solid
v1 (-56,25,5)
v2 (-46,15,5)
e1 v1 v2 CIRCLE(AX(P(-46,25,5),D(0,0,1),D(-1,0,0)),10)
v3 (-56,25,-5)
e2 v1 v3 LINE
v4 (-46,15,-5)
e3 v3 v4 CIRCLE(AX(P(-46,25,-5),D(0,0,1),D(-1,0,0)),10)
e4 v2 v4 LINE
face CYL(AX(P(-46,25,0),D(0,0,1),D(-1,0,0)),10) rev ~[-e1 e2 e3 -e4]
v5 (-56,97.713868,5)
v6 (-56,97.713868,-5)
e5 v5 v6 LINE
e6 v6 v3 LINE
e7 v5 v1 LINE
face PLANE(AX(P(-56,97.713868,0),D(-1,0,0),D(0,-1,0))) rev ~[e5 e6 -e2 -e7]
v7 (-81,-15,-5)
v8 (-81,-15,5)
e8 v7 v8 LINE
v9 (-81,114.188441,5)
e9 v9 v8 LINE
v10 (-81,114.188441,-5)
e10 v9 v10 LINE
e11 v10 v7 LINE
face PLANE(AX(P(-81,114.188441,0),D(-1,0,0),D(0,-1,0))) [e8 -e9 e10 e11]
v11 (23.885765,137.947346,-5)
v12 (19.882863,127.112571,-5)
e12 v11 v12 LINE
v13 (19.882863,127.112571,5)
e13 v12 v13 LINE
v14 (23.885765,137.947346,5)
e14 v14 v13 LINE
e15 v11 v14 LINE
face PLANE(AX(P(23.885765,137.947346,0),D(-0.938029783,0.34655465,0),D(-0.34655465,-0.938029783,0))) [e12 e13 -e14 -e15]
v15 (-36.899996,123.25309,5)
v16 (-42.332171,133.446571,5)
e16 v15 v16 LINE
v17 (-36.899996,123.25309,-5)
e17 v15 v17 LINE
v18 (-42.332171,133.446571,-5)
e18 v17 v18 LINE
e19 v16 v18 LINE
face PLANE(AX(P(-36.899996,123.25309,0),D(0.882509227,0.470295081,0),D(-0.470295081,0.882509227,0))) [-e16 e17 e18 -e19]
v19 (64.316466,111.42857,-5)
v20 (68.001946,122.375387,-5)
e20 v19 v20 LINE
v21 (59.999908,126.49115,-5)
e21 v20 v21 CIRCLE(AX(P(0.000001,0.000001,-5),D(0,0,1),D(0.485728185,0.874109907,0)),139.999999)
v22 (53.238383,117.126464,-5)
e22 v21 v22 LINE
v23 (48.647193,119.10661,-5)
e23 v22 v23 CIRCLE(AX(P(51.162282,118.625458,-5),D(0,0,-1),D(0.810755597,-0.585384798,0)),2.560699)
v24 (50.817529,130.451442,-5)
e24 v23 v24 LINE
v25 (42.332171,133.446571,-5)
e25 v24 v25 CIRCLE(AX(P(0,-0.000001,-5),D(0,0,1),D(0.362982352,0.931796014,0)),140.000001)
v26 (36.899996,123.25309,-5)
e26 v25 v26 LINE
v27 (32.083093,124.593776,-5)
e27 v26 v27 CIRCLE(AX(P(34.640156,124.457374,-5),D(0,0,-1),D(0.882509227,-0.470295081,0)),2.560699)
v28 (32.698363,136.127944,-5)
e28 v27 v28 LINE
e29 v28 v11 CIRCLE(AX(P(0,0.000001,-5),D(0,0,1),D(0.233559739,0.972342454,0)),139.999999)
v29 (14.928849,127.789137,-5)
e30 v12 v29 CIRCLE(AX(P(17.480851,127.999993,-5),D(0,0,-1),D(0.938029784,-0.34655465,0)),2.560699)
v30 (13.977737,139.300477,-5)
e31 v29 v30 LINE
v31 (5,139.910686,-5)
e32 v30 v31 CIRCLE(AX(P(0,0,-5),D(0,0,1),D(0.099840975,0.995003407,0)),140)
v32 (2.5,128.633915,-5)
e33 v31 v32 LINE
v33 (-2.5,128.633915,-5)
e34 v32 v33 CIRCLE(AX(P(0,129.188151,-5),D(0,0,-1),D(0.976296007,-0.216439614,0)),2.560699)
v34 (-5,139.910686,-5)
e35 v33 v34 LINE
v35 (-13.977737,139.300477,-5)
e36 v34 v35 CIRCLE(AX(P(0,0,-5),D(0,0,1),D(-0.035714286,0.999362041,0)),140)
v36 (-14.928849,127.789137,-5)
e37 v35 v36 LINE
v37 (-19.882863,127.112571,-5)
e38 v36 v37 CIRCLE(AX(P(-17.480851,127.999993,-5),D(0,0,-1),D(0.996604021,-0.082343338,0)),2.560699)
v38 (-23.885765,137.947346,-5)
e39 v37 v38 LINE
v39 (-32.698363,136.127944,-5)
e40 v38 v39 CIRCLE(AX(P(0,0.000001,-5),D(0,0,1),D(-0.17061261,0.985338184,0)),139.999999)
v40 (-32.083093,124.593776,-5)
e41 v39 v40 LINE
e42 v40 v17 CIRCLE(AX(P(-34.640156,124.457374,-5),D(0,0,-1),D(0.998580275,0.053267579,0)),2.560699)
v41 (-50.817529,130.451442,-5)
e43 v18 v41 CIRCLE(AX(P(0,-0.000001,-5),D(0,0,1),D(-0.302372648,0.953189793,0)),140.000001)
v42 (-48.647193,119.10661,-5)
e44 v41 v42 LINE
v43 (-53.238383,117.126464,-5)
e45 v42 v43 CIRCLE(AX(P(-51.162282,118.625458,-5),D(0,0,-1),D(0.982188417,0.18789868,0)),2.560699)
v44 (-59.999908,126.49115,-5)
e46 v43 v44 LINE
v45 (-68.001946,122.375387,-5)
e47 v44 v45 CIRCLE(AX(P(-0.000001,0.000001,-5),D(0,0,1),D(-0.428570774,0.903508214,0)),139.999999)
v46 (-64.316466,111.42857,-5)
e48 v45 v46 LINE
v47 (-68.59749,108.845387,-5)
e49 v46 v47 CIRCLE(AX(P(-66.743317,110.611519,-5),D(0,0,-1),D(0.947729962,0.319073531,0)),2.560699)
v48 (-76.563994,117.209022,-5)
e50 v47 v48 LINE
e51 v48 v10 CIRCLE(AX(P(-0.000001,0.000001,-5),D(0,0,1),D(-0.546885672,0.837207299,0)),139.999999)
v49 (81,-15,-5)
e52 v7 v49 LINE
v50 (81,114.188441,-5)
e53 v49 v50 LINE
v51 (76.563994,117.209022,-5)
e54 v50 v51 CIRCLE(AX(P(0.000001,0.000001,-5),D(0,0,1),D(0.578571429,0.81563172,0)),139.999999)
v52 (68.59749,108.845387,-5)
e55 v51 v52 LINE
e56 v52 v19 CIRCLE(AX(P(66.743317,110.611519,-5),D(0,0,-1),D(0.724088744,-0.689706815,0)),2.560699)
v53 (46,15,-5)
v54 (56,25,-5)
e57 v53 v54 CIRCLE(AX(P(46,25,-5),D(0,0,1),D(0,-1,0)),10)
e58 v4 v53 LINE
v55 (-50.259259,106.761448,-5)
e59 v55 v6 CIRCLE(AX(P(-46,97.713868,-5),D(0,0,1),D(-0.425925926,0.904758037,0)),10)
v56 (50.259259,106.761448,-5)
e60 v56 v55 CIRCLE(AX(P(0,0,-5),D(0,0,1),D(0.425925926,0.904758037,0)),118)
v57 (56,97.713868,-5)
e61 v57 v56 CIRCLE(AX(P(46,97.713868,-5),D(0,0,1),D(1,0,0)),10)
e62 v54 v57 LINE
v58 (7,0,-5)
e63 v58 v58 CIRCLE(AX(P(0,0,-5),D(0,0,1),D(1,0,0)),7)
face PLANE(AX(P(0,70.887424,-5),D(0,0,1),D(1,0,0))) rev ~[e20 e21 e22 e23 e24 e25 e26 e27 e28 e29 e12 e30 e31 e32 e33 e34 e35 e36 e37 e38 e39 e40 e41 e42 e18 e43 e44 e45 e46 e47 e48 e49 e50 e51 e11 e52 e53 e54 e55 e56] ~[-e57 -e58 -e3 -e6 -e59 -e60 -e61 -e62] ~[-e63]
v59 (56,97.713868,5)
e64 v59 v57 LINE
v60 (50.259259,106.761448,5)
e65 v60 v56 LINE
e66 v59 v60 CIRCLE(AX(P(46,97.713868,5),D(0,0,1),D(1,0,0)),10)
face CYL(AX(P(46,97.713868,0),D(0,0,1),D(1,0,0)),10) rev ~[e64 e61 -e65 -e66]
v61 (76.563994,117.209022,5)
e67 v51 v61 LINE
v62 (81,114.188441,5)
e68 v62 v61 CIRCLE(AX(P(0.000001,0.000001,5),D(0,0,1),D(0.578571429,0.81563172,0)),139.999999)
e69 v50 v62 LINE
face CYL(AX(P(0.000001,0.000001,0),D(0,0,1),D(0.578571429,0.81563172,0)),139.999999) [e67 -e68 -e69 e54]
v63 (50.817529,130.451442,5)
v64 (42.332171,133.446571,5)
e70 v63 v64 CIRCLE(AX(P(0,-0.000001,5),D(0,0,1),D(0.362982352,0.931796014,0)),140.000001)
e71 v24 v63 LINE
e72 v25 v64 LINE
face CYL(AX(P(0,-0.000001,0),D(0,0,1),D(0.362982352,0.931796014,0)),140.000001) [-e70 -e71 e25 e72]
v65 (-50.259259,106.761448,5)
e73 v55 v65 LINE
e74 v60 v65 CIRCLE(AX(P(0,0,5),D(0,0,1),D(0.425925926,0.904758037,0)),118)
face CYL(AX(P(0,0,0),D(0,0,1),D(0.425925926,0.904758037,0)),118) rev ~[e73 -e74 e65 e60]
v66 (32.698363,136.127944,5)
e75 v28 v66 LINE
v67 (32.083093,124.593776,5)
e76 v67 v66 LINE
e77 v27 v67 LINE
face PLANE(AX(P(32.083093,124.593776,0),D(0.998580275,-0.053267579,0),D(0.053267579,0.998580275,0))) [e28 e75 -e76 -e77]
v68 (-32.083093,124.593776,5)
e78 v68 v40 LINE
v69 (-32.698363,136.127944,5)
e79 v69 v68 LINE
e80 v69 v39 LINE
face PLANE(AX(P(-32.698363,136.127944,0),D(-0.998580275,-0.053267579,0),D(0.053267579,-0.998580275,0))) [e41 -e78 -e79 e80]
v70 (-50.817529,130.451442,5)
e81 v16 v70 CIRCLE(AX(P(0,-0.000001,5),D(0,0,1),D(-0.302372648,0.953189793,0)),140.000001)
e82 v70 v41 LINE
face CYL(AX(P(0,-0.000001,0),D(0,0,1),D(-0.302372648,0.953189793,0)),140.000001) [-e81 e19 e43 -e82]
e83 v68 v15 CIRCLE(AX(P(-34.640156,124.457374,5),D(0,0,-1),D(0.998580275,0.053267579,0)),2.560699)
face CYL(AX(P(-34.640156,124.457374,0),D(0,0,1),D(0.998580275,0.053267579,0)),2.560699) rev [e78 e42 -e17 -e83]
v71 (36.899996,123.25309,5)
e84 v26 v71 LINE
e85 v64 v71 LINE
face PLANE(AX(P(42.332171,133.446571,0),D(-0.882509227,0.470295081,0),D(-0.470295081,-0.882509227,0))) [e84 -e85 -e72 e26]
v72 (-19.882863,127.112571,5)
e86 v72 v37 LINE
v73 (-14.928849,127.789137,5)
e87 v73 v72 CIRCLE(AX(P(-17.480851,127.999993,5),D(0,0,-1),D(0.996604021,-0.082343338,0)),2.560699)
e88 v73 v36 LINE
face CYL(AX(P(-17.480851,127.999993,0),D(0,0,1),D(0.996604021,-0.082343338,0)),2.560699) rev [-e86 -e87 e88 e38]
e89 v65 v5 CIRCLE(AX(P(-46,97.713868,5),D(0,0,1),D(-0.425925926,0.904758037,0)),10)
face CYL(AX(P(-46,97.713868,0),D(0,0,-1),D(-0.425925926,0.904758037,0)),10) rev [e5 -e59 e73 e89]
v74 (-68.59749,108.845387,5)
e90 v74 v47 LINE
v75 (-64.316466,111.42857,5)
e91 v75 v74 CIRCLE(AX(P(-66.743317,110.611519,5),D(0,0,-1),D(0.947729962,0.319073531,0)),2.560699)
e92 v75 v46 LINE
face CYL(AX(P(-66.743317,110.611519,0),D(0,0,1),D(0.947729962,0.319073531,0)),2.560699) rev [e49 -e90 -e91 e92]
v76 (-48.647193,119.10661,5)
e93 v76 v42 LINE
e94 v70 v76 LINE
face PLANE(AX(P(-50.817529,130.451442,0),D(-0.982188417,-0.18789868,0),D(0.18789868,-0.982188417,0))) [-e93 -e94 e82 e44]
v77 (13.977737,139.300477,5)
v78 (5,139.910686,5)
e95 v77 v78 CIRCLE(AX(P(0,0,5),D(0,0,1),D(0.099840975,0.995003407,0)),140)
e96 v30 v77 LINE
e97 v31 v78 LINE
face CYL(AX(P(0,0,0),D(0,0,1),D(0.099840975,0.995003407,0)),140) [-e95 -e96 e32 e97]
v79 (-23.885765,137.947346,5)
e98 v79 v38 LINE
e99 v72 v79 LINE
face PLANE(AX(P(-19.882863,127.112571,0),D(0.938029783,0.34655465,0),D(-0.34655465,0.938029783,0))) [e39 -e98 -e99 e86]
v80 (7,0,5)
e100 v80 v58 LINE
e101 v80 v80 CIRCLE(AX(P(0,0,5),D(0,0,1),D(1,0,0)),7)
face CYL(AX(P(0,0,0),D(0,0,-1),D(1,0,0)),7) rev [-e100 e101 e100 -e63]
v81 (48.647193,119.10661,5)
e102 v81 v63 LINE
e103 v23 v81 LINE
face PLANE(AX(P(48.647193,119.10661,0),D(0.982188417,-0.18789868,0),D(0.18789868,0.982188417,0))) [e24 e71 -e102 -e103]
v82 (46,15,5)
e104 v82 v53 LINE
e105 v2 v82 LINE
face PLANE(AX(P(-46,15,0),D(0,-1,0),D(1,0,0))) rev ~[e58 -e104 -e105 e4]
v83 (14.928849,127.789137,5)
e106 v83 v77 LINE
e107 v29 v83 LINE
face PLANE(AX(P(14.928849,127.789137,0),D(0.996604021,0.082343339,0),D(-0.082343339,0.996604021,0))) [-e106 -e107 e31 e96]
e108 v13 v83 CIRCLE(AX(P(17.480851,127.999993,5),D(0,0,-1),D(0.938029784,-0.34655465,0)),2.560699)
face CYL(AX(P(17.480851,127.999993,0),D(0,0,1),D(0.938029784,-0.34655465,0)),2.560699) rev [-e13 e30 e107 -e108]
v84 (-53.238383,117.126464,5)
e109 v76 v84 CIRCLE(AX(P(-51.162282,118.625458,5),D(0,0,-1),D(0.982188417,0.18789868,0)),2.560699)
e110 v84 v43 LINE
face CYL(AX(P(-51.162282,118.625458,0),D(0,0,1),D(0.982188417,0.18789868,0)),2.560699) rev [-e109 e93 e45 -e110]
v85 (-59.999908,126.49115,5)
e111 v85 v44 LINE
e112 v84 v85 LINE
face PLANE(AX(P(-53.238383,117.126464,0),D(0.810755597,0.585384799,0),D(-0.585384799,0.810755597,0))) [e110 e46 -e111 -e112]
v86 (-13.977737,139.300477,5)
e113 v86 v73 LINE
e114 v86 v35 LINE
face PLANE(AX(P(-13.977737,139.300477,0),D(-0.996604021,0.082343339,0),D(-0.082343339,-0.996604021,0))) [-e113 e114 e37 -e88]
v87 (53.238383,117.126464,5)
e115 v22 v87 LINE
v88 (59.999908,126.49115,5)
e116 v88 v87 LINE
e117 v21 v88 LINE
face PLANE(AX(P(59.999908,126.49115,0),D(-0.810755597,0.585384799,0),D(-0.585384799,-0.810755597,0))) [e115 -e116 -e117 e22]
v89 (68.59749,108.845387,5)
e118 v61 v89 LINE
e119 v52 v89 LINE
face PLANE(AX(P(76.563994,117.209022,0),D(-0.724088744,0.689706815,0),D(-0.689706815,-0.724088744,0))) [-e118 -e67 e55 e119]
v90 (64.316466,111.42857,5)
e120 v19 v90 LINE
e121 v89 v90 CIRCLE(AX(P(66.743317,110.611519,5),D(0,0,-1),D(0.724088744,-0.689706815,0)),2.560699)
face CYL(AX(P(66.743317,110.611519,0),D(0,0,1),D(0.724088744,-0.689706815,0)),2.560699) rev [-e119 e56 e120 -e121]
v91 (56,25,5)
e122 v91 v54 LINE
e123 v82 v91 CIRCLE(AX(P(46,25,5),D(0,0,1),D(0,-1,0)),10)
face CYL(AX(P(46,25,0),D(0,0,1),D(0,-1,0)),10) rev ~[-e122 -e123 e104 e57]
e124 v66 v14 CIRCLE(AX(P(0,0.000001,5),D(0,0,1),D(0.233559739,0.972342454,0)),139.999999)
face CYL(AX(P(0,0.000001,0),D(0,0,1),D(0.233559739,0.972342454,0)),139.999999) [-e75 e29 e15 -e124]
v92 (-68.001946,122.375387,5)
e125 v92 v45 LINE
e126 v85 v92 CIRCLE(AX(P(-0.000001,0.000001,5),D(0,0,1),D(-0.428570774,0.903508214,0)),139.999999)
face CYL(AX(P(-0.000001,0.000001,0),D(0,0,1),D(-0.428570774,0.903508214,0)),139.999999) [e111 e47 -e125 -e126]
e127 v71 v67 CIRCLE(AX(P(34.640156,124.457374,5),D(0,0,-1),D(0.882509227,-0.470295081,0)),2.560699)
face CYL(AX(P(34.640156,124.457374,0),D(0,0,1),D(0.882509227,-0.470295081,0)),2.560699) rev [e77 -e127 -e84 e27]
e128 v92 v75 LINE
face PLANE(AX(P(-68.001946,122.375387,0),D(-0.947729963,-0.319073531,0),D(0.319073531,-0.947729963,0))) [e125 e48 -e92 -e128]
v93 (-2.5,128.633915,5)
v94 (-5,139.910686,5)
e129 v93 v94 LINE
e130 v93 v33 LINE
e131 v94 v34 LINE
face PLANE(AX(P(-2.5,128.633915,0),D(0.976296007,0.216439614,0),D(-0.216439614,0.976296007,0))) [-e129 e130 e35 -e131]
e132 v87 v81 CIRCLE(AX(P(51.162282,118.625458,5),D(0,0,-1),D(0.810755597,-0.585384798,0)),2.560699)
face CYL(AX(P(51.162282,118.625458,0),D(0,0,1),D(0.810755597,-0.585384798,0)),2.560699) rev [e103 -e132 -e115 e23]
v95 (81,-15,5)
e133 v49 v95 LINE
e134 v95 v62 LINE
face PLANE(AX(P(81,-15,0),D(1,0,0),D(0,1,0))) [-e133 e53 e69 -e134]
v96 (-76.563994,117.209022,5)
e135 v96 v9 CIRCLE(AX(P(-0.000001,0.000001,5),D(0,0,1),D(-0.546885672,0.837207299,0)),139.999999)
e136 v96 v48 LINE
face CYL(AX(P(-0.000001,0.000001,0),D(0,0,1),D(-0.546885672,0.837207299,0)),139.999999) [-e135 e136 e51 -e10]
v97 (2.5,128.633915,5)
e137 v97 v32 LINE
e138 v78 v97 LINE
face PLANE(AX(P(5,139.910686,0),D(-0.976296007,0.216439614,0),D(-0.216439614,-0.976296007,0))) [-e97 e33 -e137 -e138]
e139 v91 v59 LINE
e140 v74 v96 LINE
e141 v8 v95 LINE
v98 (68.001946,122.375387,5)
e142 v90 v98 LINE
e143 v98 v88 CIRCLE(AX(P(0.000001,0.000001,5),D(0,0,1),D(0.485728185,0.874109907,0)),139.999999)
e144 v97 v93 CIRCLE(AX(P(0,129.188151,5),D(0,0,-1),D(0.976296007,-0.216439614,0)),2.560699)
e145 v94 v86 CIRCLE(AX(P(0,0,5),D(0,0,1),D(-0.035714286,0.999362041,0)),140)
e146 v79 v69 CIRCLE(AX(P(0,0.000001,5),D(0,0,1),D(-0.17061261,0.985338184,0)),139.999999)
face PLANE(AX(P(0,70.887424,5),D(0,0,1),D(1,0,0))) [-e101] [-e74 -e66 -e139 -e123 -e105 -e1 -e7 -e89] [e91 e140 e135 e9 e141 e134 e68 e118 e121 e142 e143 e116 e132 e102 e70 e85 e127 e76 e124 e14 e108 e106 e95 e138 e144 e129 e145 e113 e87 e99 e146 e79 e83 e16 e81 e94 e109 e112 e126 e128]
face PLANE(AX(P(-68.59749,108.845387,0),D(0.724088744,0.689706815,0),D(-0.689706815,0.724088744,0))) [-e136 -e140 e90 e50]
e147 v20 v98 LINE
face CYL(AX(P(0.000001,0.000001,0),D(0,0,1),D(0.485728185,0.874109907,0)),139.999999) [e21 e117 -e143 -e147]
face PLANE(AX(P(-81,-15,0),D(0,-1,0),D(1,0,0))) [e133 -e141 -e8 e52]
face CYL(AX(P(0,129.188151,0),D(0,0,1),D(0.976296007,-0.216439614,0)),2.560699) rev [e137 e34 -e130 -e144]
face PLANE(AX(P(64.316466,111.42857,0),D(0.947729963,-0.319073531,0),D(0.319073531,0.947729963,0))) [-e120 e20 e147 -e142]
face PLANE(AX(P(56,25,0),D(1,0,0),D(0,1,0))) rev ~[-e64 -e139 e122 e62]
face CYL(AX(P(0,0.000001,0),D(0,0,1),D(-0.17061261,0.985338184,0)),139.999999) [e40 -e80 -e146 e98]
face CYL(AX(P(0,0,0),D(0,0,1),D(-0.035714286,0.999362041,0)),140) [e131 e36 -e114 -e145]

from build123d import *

# Parameters (mm, degrees)
ESQUISSE1_R        = 7
BOSS_EXTRU_2_DEPTH = 5


with BuildPart() as part:
    # Esquisse1 → Boss.-Extru.2 (new body, symmetric)
    with BuildSketch(Plane.XY):
        with BuildLine():
            Line((-81, 114.188440746), (-81, -15))
            Line((-81, -15), (81, -15))
            Line((81, -15), (81, 114.188440746))
            ThreePointArc((81, 114.188440746), (78.796472268, 115.719989449), (76.563994166, 117.209021825))
            Line((76.563994166, 117.209021825), (68.597490223, 108.845387152))
            ThreePointArc((68.597490223, 108.845387152), (65.420366542, 108.419035897), (64.316466092, 111.428569759))
            Line((64.316466092, 111.428569759), (68.001945903, 122.375387041))
            ThreePointArc((68.001945903, 122.375387041), (64.034003077, 124.497576081), (59.999908366, 126.491149872))
            Line((59.999908366, 126.491149872), (53.238382738, 117.126464015))
            ThreePointArc((53.238382738, 117.126464015), (50.148170341, 116.274127452), (48.64719318, 119.10661008))
            Line((48.64719318, 119.10661008), (50.81752925, 130.451442004))
            ThreePointArc((50.81752925, 130.451442004), (46.598920029, 132.017198319), (42.332170661, 133.446571058))
            Line((42.332170661, 133.446571058), (36.899996383, 123.253090169))
            ThreePointArc((36.899996383, 123.253090169), (33.953537336, 121.990446371), (32.083092779, 124.593776437))
            Line((32.083092779, 124.593776437), (32.698363453, 136.127943595))
            ThreePointArc((32.698363453, 136.127943595), (28.306685892, 137.10846631), (23.88576542, 137.947345789))
            Line((23.88576542, 137.947345789), (19.882863135, 127.112571065))
            ThreePointArc((19.882863135, 127.112571065), (17.134355274, 125.462845387), (14.928848702, 127.789136649))
            Line((14.928848702, 127.789136649), (13.977736553, 139.300476958))
            ThreePointArc((13.977736553, 139.300476958), (9.493772162, 139.677730115), (5, 139.910685796))
            Line((5, 139.910685796), (2.5, 128.633914537))
            ThreePointArc((2.5, 128.633914537), (0, 126.627452408), (-2.5, 128.633914537))
            Line((-2.5, 128.633914537), (-5, 139.910685796))
            ThreePointArc((-5, 139.910685796), (-9.493772162, 139.677730115), (-13.977736553, 139.300476958))
            Line((-13.977736553, 139.300476958), (-14.928848702, 127.789136649))
            ThreePointArc((-14.928848702, 127.789136649), (-17.134355274, 125.462845387), (-19.882863135, 127.112571065))
            Line((-19.882863135, 127.112571065), (-23.88576542, 137.947345789))
            ThreePointArc((-23.88576542, 137.947345789), (-28.306685892, 137.10846631), (-32.698363453, 136.127943595))
            Line((-32.698363453, 136.127943595), (-32.083092779, 124.593776437))
            ThreePointArc((-32.083092779, 124.593776437), (-33.953537336, 121.990446371), (-36.899996383, 123.253090169))
            Line((-36.899996383, 123.253090169), (-42.332170661, 133.446571058))
            ThreePointArc((-42.332170661, 133.446571058), (-46.598920029, 132.017198319), (-50.81752925, 130.451442004))
            Line((-50.81752925, 130.451442004), (-48.64719318, 119.10661008))
            ThreePointArc((-48.64719318, 119.10661008), (-50.148170341, 116.274127452), (-53.238382738, 117.126464015))
            Line((-53.238382738, 117.126464015), (-59.999908366, 126.491149872))
            ThreePointArc((-59.999908366, 126.491149872), (-64.034003077, 124.497576081), (-68.001945903, 122.375387041))
            Line((-68.001945903, 122.375387041), (-64.316466092, 111.428569759))
            ThreePointArc((-64.316466092, 111.428569759), (-65.420366542, 108.419035897), (-68.597490223, 108.845387152))
            Line((-68.597490223, 108.845387152), (-76.563994166, 117.209021825))
            ThreePointArc((-76.563994166, 117.209021825), (-78.796472268, 115.719989449), (-81, 114.188440746))
        make_face()
        Circle(ESQUISSE1_R, mode=Mode.SUBTRACT)
        with BuildLine():
            Line((-56, 97.713868002), (-56, 25))
            ThreePointArc((-56, 25), (-53.071067812, 17.928932188), (-46, 15))
            Line((-46, 15), (46, 15))
            ThreePointArc((46, 15), (53.071067812, 17.928932188), (56, 25))
            Line((56, 25), (56, 97.713868002))
            ThreePointArc((56, 97.713868002), (54.443713419, 103.071451759), (50.259259259, 106.761448373))
            ThreePointArc((50.259259259, 106.761448373), (0, 118), (-50.259259259, 106.761448373))
            ThreePointArc((-50.259259259, 106.761448373), (-54.443713419, 103.071451759), (-56, 97.713868002))
        make_face(mode=Mode.SUBTRACT)
    extrude(amount=BOSS_EXTRU_2_DEPTH, both=True)


solid = part.part
